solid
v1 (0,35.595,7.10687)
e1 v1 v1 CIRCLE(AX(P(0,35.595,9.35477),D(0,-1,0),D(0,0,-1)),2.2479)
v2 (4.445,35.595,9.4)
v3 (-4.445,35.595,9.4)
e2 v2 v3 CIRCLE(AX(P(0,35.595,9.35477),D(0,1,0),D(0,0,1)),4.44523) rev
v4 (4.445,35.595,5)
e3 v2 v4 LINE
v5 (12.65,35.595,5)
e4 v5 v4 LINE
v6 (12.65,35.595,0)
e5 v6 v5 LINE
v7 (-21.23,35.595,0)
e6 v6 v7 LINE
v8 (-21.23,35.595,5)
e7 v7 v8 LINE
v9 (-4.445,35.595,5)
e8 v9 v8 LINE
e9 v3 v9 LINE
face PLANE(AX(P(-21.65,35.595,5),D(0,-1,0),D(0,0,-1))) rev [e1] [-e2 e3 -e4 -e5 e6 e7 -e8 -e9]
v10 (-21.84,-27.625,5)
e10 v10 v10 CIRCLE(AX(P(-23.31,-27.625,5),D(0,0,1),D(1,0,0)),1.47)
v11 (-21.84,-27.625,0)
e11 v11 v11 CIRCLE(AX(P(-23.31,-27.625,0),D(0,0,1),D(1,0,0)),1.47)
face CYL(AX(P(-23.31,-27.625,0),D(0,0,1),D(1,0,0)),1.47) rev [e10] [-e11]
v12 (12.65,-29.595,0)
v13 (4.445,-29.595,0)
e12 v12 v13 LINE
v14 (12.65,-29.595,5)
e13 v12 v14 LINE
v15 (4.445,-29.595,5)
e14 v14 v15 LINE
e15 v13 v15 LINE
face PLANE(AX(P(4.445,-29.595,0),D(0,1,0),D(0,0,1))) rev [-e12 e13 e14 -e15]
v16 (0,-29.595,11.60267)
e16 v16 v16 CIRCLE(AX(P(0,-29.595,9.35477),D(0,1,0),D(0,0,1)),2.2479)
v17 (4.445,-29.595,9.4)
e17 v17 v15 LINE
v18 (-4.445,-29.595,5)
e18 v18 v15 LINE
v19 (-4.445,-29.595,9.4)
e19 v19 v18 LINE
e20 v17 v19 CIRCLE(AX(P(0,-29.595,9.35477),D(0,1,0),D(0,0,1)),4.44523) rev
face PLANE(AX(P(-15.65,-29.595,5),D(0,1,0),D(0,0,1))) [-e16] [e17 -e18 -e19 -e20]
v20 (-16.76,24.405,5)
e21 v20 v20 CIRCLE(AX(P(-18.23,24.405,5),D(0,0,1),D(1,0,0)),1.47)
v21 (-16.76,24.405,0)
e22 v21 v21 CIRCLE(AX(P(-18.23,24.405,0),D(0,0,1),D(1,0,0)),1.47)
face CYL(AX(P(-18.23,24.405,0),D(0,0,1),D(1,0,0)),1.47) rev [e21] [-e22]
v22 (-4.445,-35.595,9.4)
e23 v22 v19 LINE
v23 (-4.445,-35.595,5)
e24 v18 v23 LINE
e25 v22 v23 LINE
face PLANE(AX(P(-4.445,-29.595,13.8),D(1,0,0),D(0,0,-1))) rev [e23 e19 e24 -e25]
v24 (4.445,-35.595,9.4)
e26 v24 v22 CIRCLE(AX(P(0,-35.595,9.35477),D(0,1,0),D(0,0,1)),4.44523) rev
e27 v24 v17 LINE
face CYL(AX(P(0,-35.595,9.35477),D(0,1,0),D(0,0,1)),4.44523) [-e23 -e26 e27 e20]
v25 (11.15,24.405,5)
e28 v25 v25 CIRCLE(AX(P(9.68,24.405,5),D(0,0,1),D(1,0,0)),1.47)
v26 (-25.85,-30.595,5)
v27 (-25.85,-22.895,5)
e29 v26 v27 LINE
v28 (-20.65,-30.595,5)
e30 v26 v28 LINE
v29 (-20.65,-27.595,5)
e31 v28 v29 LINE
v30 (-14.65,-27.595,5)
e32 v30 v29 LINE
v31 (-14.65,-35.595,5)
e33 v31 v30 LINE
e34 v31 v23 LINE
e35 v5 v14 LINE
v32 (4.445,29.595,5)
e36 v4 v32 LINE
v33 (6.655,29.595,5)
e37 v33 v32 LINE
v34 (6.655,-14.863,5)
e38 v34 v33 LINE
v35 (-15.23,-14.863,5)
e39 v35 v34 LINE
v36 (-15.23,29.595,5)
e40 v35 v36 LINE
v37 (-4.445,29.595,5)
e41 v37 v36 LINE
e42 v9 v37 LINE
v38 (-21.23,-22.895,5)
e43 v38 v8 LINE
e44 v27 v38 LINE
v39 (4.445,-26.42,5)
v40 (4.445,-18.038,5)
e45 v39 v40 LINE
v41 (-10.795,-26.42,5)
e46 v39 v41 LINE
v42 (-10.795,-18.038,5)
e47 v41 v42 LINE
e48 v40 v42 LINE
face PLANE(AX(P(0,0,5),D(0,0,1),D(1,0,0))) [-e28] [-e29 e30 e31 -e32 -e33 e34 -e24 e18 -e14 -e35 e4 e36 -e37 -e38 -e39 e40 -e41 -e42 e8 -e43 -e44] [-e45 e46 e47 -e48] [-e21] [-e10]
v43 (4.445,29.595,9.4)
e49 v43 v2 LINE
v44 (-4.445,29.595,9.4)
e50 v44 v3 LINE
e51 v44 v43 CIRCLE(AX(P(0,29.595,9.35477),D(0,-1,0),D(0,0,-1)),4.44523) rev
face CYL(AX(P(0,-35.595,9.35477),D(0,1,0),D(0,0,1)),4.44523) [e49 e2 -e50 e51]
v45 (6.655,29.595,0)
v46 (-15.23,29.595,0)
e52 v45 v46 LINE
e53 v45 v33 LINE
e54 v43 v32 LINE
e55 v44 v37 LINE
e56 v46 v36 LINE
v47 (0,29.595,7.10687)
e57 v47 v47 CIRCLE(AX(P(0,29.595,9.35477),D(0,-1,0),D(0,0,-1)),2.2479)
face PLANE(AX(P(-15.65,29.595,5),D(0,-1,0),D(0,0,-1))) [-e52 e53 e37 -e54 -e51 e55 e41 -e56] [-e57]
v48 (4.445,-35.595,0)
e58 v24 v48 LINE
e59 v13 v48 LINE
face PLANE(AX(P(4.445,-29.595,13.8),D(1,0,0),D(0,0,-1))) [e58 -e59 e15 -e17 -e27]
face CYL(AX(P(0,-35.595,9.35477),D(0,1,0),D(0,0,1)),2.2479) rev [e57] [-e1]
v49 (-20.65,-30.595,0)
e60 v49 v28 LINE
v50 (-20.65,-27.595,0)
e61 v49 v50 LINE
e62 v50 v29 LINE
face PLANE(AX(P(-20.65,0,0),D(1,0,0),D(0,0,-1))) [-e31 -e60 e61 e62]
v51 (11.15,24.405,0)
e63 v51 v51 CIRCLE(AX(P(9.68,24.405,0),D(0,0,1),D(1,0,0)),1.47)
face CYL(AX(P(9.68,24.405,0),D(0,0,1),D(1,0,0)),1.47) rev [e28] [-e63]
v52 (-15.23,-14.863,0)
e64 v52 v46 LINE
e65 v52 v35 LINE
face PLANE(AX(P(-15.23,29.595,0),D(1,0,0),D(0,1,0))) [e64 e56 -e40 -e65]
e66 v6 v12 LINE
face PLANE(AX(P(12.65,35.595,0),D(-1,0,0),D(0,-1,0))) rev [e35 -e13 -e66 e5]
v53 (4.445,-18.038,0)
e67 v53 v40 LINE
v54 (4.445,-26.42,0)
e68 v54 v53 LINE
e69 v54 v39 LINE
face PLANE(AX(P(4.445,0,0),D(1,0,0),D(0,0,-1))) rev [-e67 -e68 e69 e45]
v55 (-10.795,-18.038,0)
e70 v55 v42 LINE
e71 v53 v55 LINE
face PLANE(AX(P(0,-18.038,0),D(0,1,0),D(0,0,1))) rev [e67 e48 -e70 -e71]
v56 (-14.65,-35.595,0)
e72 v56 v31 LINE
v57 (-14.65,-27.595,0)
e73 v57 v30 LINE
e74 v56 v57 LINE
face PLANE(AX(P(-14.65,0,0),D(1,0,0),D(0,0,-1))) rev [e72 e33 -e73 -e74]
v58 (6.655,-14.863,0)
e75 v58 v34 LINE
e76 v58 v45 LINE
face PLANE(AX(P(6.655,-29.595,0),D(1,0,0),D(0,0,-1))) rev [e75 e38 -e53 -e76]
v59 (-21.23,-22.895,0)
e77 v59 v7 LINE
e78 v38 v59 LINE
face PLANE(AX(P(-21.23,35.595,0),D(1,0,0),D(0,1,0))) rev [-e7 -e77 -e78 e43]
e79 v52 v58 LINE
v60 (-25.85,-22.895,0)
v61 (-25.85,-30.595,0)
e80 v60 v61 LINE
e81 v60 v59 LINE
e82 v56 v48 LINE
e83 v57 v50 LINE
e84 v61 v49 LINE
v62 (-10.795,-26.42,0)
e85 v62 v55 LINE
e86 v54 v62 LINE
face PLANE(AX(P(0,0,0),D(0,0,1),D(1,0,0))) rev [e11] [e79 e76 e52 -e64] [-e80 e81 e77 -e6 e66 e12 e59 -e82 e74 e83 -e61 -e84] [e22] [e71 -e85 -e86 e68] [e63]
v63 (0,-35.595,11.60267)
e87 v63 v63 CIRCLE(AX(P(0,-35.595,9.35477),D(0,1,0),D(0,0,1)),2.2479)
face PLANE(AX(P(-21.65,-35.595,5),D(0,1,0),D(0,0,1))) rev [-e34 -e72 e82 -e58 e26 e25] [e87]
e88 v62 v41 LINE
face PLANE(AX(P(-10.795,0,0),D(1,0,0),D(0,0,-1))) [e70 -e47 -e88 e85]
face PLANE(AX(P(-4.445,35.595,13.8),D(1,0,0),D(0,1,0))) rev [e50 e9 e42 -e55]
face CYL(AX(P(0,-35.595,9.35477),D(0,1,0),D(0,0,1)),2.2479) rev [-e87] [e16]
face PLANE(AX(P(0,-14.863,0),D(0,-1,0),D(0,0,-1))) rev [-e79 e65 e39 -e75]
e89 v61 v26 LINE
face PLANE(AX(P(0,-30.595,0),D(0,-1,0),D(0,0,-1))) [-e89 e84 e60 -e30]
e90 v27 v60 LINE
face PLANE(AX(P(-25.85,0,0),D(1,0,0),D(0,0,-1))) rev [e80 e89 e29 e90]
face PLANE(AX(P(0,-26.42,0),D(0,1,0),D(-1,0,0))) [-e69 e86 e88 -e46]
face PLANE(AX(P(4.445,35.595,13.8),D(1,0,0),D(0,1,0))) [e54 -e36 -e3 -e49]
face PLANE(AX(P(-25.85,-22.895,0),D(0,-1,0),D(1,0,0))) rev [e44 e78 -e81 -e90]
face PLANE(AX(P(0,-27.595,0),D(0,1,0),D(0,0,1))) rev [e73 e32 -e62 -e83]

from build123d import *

# Parameters (mm, degrees)
SKETCH2_W               = 43.3
SKETCH2_H               = 71.19
SKETCH2_W_2             = 31.3
SKETCH2_H_2             = 59.19
BOSS_EXTRUDE1_DEPTH     = 5
SKETCH3_W               = 8.89
SKETCH3_H               = 6
BOSS_EXTRUDE2_DEPTH     = 8.8
CUT_EXTRUDE1_DEPTH      = 76.678124977
CUT_EXTRUDE1_DEPTH_BACK = 76.678124977
SKETCH5_R               = 2.2479
SKETCH8_W               = 11.205
SKETCH8_H               = 59.19
BOSS_EXTRUDE4_DEPTH     = 5
SKETCH9_W               = 9
SKETCH9_H               = 71.19
SKETCH9_W_2             = 2.21
SKETCH9_H_2             = 59.19
CUT_EXTRUDE2_DEPTH      = 5
SKETCH10_W              = 0.42
SKETCH10_H              = 59.19
BOSS_EXTRUDE5_DEPTH     = 5
SKETCH11_W              = 0.42
SKETCH11_H              = 71.19
CUT_EXTRUDE3_DEPTH      = 5
SKETCH12_W              = 6.655
SKETCH12_H              = 10.668
BOSS_EXTRUDE6_DEPTH     = 5
SKETCH13_W              = 8.205
SKETCH13_H              = 6
CUT_EXTRUDE4_DEPTH      = 5
SKETCH14_W              = 2
SKETCH14_H              = 10.668
CUT_EXTRUDE5_DEPTH      = 5
SKETCH15_W              = 5
SKETCH15_H              = 12.7
BOSS_EXTRUDE7_DEPTH     = 4.62
SKETCH16_W              = 10.785
SKETCH16_H              = 10.668
BOSS_EXTRUDE8_DEPTH     = 5
SKETCH17_W              = 6
SKETCH17_H              = 3
CUT_EXTRUDE6_DEPTH      = 5
SKETCH18_R              = 1.47
CUT_EXTRUDE7_DEPTH      = 5
SKETCH23_R              = 1.47
CUT_EXTRUDE10_DEPTH     = 5
SKETCH25_W              = 6.445
SKETCH25_H              = 2.583619091
BOSS_EXTRUDE12_DEPTH    = 5
SKETCH26_W              = 15.24
SKETCH26_H              = 8.382
SKETCH26_W_2            = 19.675
SKETCH26_H_2            = 6.066644496
SKETCH26_W_3            = 2.21
CUT_EXTRUDE11_DEPTH     = 5


with BuildPart() as part:
    # Sketch2 → Boss-Extrude1 (new body)
    with BuildSketch(Plane.XY):
        Rectangle(SKETCH2_W, SKETCH2_H)
        Rectangle(SKETCH2_W_2, SKETCH2_H_2, mode=Mode.SUBTRACT)
    extrude(amount=BOSS_EXTRUDE1_DEPTH)

    # Sketch3 → Boss-Extrude2 (add)
    with BuildSketch(Plane.XY.offset(5)):
        with Locations((0, 32.595)):
            Rectangle(SKETCH3_W, SKETCH3_H)
        with Locations((0, -32.595)):
            Rectangle(SKETCH3_W, SKETCH3_H)
    extrude(amount=BOSS_EXTRUDE2_DEPTH)

    # Sketch5 → Cut-Extrude1 (cut, two sides: drawn at the far end of the back side and taken through both)
    with BuildSketch(Plane(origin=(0, 35.595, 0), x_dir=(1, 0, 0), z_dir=(0, 1, 0)).offset(-CUT_EXTRUDE1_DEPTH_BACK)):
        with BuildLine():
            Line((-4.445, -13.8), (-2.8e-08, -13.8))
            ThreePointArc((-2.8e-08, -13.8), (-3.127220221, -12.513973022), (-4.445, -9.4))
            Line((-4.445, -9.4), (-4.445, -13.8))
        make_face()
        with BuildLine():
            Line((4.445, -13.8), (4.445, -9.4))
            ThreePointArc((4.445, -9.4), (3.127220202, -12.513973041), (-2.8e-08, -13.8))
            Line((-2.8e-08, -13.8), (4.445, -13.8))
        make_face()
        with Locations(Location((0, -9.354769886, 0), (0, 0, 90))):
            Circle(SKETCH5_R)
    extrude(amount=CUT_EXTRUDE1_DEPTH + CUT_EXTRUDE1_DEPTH_BACK, mode=Mode.SUBTRACT)

    # Sketch8 → Boss-Extrude4 (add)
    with BuildSketch(Plane.XY.offset(5)):
        with Locations((10.0475, 0)):
            Rectangle(SKETCH8_W, SKETCH8_H)
    extrude(amount=-BOSS_EXTRUDE4_DEPTH)

    # Sketch9 → Cut-Extrude2 (cut)
    with BuildSketch(Plane.XY.offset(5)):
        with Locations((17.15, 0)):
            Rectangle(SKETCH9_W, SKETCH9_H)
        with Locations((5.55, 0)):
            Rectangle(SKETCH9_W_2, SKETCH9_H_2)
    extrude(amount=-CUT_EXTRUDE2_DEPTH, mode=Mode.SUBTRACT)

    # Sketch10 → Boss-Extrude5 (add)
    with BuildSketch(Plane.XY.offset(5)):
        with Locations((-15.44, 0)):
            Rectangle(SKETCH10_W, SKETCH10_H)
    extrude(amount=-BOSS_EXTRUDE5_DEPTH)

    # Sketch11 → Cut-Extrude3 (cut)
    with BuildSketch(Plane.XY.offset(5)):
        with Locations((-21.44, 0)):
            Rectangle(SKETCH11_W, SKETCH11_H)
    extrude(amount=-CUT_EXTRUDE3_DEPTH, mode=Mode.SUBTRACT)

    # Sketch12 → Boss-Extrude6 (add)
    with BuildSketch(Plane.XY.offset(5)):
        with Locations((3.3275, -24.261)):
            Rectangle(SKETCH12_W, SKETCH12_H)
    extrude(amount=-BOSS_EXTRUDE6_DEPTH)

    # Sketch13 → Cut-Extrude4 (cut)
    with BuildSketch(Plane.XY.offset(5)):
        with Locations((8.5475, -32.595)):
            Rectangle(SKETCH13_W, SKETCH13_H)
    extrude(amount=-CUT_EXTRUDE4_DEPTH, mode=Mode.SUBTRACT)

    # Sketch14 → Cut-Extrude5 (cut)
    with BuildSketch(Plane.XY.offset(5)):
        with Locations((1, -24.261)):
            Rectangle(SKETCH14_W, SKETCH14_H)
    extrude(amount=-CUT_EXTRUDE5_DEPTH, mode=Mode.SUBTRACT)

    # Sketch15 → Boss-Extrude7 (add)
    with BuildSketch(Plane.ZY.offset(21.23)):
        with Locations((2.5, -29.245)):
            Rectangle(SKETCH15_W, SKETCH15_H)
    extrude(amount=BOSS_EXTRUDE7_DEPTH)

    # Sketch16 → Boss-Extrude8 (add)
    with BuildSketch(Plane.XY.offset(5)):
        with Locations((-9.8375, -24.261)):
            Rectangle(SKETCH16_W, SKETCH16_H)
    extrude(amount=-BOSS_EXTRUDE8_DEPTH)

    # Sketch17 → Cut-Extrude6 (cut)
    with BuildSketch(Plane.XY.offset(5)):
        with Locations((-17.65, -29.095)):
            Rectangle(SKETCH17_W, SKETCH17_H)
        Polygon((-25.85, -30.595), (-25.85, -35.595), (-14.65, -35.595), (-14.65, -30.595), (-20.65, -30.595), align=None)
    extrude(amount=-CUT_EXTRUDE6_DEPTH, mode=Mode.SUBTRACT)

    # Sketch18 → Cut-Extrude7 (cut)
    with BuildSketch(Plane.XY.offset(5)):
        with Locations((-23.31, -27.625)):
            Circle(SKETCH18_R)
    extrude(amount=-CUT_EXTRUDE7_DEPTH, mode=Mode.SUBTRACT)

    # Sketch23 → Cut-Extrude10 (cut)
    with BuildSketch(Plane.XY.offset(5)):
        with Locations((-18.23, 24.405)):
            Circle(SKETCH23_R)
        with Locations((9.68, 24.405)):
            Circle(SKETCH23_R)
    extrude(amount=-CUT_EXTRUDE10_DEPTH, mode=Mode.SUBTRACT)

    # Sketch25 → Boss-Extrude12 (add)
    with BuildSketch(Plane.XY.offset(5)):
        Polygon((6.655, -27.011380909), (6.655, -8.796355504), (-15.23, -8.796355504), (-15.23, -18.927), (-4.445, -18.927), (-4.445, -27.011380909), (2, -27.011380909), align=None)
        with Locations((-1.2225, -28.303190455)):
            Rectangle(SKETCH25_W, SKETCH25_H)
    extrude(amount=-BOSS_EXTRUDE12_DEPTH)

    # Sketch26 → Cut-Extrude11 (cut)
    with BuildSketch(Plane.XY.offset(5)):
        with Locations((-3.175, -22.229)):
            Rectangle(SKETCH26_W, SKETCH26_H)
        with Locations((-5.3925, -11.829677752)):
            Rectangle(SKETCH26_W_2, SKETCH26_H_2)
        with Locations((5.55, -11.829677752)):
            Rectangle(SKETCH26_W_3, SKETCH26_H_2)
    extrude(amount=-CUT_EXTRUDE11_DEPTH, mode=Mode.SUBTRACT)


solid = part.part
